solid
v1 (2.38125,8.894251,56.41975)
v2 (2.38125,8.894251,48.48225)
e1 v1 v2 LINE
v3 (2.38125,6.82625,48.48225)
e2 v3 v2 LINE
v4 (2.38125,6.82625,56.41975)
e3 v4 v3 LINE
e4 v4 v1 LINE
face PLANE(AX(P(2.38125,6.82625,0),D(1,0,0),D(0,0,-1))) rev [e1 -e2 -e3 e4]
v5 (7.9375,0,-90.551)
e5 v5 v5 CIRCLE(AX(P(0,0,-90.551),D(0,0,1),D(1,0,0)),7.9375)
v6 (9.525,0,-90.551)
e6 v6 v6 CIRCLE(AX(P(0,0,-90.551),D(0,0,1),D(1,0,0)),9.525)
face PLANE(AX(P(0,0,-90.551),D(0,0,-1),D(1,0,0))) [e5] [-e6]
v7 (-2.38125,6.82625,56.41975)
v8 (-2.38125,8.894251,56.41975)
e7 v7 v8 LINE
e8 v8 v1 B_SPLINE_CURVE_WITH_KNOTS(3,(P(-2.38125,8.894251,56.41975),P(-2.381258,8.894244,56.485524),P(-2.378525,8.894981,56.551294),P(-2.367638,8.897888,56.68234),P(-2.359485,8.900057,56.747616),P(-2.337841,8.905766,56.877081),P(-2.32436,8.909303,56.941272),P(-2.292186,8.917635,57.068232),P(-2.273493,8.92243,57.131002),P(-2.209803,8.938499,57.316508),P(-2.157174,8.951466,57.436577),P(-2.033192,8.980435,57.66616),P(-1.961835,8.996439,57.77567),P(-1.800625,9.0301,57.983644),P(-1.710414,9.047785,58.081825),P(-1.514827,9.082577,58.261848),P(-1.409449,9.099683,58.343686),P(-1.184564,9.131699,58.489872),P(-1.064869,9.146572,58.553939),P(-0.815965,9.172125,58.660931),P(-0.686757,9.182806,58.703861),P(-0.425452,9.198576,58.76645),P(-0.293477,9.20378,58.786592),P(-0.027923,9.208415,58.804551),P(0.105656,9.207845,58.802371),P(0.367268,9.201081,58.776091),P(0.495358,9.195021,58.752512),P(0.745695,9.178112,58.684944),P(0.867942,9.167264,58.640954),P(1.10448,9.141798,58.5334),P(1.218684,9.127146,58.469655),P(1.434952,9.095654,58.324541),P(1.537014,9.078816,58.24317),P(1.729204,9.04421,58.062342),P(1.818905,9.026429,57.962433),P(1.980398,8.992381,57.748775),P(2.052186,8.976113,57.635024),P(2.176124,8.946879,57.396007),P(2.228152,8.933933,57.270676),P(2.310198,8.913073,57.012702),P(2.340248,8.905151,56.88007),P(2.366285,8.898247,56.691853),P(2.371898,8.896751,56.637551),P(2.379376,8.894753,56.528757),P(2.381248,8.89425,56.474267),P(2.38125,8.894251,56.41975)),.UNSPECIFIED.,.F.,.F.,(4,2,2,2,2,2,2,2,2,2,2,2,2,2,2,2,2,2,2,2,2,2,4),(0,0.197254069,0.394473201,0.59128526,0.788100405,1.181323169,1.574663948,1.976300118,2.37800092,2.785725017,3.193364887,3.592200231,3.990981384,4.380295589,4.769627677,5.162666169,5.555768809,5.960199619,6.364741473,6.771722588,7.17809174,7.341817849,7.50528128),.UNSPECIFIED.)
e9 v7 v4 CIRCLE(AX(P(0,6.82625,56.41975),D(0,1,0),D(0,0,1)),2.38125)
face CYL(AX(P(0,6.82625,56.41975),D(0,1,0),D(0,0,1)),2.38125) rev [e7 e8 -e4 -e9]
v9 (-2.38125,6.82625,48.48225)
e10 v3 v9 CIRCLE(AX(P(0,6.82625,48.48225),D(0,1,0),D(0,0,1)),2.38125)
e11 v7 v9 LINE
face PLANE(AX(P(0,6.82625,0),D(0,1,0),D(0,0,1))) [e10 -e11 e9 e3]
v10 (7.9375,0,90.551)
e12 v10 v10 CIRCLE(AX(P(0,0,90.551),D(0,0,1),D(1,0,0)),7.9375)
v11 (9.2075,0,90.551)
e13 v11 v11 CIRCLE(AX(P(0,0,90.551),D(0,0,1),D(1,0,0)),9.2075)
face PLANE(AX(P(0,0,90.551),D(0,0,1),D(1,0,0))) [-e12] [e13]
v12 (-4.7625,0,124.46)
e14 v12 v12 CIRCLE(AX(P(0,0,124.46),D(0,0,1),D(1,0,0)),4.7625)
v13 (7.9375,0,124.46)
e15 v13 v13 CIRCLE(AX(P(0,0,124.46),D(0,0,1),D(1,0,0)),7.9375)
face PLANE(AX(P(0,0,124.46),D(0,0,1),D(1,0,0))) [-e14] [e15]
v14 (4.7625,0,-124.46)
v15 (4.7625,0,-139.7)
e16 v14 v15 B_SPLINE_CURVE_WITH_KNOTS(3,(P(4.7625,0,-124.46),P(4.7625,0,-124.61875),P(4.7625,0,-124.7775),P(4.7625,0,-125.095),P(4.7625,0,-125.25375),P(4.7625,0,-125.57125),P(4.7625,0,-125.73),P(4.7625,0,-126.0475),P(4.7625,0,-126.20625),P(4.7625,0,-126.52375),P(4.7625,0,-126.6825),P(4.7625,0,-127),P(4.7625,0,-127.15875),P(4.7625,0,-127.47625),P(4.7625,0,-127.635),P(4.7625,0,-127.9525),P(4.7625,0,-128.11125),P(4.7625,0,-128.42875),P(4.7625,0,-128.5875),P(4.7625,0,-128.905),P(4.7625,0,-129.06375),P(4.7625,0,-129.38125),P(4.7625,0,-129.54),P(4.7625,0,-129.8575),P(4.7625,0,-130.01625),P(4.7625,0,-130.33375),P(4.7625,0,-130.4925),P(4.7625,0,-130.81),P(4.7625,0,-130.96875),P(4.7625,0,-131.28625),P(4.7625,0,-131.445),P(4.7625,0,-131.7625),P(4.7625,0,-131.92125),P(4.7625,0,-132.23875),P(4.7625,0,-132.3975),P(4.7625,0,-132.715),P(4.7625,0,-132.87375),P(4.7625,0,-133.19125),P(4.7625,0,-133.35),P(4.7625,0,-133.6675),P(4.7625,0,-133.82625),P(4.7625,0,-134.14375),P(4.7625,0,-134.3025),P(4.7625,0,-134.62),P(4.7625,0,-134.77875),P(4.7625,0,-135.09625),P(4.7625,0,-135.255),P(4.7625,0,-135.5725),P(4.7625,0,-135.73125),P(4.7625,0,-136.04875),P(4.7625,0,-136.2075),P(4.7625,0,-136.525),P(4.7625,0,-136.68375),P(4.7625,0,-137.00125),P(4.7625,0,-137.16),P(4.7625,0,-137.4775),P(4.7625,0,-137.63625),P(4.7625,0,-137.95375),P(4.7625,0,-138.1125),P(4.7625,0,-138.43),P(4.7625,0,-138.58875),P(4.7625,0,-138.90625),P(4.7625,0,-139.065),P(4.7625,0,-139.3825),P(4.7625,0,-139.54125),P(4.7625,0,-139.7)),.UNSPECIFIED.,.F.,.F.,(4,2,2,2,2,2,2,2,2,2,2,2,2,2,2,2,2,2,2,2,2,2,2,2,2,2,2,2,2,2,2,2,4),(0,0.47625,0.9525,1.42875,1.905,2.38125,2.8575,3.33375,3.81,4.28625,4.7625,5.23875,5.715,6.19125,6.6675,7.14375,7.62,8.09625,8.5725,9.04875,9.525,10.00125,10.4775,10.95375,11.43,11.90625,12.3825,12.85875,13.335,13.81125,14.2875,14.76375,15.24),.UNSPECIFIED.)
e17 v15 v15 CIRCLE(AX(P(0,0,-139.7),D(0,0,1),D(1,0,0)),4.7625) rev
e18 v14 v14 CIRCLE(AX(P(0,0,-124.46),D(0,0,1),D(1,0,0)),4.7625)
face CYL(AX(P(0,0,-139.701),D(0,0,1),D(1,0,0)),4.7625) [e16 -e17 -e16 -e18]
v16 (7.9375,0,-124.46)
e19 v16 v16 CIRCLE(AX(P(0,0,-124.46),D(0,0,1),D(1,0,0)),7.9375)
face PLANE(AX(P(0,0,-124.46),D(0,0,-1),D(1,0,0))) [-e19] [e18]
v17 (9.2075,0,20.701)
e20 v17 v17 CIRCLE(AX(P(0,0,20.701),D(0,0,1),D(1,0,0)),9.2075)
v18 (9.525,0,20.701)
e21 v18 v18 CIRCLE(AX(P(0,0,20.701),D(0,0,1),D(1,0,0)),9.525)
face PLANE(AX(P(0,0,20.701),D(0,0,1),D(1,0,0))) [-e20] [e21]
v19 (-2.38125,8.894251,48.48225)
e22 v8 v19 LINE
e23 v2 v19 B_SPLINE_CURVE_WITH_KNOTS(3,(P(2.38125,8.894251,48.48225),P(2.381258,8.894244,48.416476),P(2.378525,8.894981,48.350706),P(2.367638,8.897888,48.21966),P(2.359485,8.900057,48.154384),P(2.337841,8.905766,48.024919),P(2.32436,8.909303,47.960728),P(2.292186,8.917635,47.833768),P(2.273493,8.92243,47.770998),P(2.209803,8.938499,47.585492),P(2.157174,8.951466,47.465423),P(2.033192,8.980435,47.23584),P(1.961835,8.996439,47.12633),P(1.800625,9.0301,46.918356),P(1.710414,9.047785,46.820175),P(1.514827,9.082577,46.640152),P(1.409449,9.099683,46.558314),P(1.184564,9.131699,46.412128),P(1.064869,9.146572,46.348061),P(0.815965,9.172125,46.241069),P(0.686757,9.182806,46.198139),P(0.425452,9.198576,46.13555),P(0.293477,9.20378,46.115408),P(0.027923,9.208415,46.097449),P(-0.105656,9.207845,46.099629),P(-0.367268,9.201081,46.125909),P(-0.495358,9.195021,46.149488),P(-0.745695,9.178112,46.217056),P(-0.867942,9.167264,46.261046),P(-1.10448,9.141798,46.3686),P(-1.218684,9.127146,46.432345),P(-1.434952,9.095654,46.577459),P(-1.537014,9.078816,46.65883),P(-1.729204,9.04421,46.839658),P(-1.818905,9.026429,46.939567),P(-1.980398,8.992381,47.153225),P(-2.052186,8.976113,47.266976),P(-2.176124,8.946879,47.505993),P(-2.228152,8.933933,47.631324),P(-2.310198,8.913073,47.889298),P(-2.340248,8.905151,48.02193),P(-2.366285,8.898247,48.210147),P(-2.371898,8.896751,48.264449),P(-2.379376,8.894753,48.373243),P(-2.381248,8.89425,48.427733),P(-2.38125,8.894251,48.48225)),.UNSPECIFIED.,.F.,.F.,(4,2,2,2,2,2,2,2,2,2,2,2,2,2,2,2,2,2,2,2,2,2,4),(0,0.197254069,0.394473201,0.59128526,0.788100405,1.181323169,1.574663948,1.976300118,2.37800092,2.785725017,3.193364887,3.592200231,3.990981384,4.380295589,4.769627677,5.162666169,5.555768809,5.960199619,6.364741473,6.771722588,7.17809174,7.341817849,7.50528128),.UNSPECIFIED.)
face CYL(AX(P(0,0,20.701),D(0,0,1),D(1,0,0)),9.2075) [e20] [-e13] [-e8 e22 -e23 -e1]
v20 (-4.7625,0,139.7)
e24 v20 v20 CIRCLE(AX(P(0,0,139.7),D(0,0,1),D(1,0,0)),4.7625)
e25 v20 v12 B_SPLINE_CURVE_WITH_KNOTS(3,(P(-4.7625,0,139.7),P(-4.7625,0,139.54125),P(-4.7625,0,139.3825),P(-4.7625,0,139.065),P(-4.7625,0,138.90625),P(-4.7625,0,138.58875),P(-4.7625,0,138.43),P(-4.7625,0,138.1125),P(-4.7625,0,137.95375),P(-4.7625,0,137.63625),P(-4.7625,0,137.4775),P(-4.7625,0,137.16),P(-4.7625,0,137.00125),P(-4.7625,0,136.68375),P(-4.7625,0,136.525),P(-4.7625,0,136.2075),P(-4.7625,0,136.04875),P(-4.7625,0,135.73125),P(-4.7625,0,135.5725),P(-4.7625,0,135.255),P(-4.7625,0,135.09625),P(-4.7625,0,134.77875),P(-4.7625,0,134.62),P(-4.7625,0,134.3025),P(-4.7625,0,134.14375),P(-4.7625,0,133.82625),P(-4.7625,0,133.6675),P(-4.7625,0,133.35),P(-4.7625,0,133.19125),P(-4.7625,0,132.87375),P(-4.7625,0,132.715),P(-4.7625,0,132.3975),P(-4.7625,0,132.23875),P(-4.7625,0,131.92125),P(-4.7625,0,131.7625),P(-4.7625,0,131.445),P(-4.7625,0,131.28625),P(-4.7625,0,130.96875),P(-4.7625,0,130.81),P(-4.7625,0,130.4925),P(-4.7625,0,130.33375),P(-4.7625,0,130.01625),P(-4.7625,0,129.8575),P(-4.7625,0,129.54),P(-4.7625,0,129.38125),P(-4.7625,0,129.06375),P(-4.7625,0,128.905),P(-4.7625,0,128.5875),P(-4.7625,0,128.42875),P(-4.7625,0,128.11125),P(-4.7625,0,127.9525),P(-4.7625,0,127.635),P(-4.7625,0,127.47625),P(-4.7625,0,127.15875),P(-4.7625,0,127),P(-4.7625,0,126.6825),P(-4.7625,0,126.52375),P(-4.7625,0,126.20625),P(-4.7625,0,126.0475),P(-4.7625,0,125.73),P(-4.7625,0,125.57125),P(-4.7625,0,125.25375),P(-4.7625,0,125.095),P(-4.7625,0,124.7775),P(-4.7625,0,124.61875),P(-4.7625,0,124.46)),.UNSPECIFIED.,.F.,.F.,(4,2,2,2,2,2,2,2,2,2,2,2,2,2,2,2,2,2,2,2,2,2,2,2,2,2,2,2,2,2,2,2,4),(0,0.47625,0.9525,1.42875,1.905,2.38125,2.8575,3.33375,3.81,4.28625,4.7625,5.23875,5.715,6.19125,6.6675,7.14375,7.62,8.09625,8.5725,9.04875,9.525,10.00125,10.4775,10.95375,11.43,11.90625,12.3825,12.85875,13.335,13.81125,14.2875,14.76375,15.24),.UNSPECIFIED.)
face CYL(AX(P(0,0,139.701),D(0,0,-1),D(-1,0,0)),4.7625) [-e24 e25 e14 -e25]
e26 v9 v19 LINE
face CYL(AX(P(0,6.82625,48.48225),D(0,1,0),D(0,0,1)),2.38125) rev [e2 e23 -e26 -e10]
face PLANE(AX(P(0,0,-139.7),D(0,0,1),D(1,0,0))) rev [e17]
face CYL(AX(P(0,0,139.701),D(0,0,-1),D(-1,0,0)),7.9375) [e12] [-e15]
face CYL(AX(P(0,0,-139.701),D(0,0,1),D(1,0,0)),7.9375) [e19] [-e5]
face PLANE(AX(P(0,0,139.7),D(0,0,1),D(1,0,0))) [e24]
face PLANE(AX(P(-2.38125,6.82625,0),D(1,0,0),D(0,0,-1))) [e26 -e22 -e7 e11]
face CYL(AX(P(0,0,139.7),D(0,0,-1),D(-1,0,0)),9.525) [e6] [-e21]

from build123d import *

# Parameters (mm, degrees)
SKETCH1_R           = 9.525
BOSS_EXTRUDE1_DEPTH = 139.7
CUT_EXTRUDE1_REACH  = 232.645
SKETCH3_R           = 9.525
SKETCH3_R_2         = 7.9375
CUT_EXTRUDE2_REACH  = 266.503
SKETCH4_R           = 7.9375
SKETCH4_R_2         = 4.7625
SKETCH5_R           = 9.525
SKETCH5_R_2         = 9.2075
CUT_EXTRUDE3_DEPTH  = 69.85
CUT_EXTRUDE4_DEPTH  = 2.38125


with BuildPart() as part:
    # Sketch1 → Boss-Extrude1 (new, symmetric)
    with BuildSketch(Plane.XY):
        Circle(SKETCH1_R)
    extrude(amount=BOSS_EXTRUDE1_DEPTH, both=True)

    # Sketch3 → Cut-Extrude1 (cut, up to next)
    with BuildSketch(Plane.XY.offset(90.551), mode=Mode.PRIVATE) as cut_extrude1_sk1:
        Circle(SKETCH3_R)
        Circle(SKETCH3_R_2, mode=Mode.SUBTRACT)
    cut_extrude1_tool1 = extrude(cut_extrude1_sk1.sketch, amount=CUT_EXTRUDE1_REACH, mode=Mode.PRIVATE) & part.part
    cut_extrude1 = cut_extrude1_tool1.solids().sort_by_distance((-9.255592, 0, 90.551))[0]
    add(cut_extrude1, mode=Mode.SUBTRACT)

    # Mirror1: Cut-Extrude1 across plane
    add(cut_extrude1.mirror(Plane.XY), mode=Mode.SUBTRACT)

    # Sketch4 → Cut-Extrude2 (cut, up to next)
    with BuildSketch(Plane.XY.offset(124.46), mode=Mode.PRIVATE) as cut_extrude2_sk1:
        Circle(SKETCH4_R)
        with Locations(Location((0, 0, 0), (0, 0, 180))):
            Circle(SKETCH4_R_2, mode=Mode.SUBTRACT)
    cut_extrude2_tool1 = extrude(cut_extrude2_sk1.sketch, amount=CUT_EXTRUDE2_REACH, mode=Mode.PRIVATE) & part.part
    cut_extrude2 = cut_extrude2_tool1.solids().sort_by_distance((-7.712994, 0, 124.46))[0]
    add(cut_extrude2, mode=Mode.SUBTRACT)

    # Mirror2: Cut-Extrude2 across plane
    add(cut_extrude2.mirror(Plane.XY), mode=Mode.SUBTRACT)

    # Sketch5 → Cut-Extrude3 (cut)
    with BuildSketch(Plane.XY.offset(90.551)):
        Circle(SKETCH5_R)
        Circle(SKETCH5_R_2, mode=Mode.SUBTRACT)
    extrude(amount=-CUT_EXTRUDE3_DEPTH, mode=Mode.SUBTRACT)

    # Sketch6 → Cut-Extrude4 (cut)
    with BuildSketch(Plane(origin=(0, 9.2075, 0), x_dir=(1, 0, 0), z_dir=(0, 1, 0))):
        with BuildLine():
            Line((2.38125, -56.41975), (2.38125, -48.48225))
            ThreePointArc((2.38125, -48.48225), (0, -46.101), (-2.38125, -48.48225))
            Line((-2.38125, -48.48225), (-2.38125, -56.41975))
            ThreePointArc((-2.38125, -56.41975), (0, -58.801), (2.38125, -56.41975))
        make_face()
    extrude(amount=-CUT_EXTRUDE4_DEPTH, mode=Mode.SUBTRACT)


solid = part.part
